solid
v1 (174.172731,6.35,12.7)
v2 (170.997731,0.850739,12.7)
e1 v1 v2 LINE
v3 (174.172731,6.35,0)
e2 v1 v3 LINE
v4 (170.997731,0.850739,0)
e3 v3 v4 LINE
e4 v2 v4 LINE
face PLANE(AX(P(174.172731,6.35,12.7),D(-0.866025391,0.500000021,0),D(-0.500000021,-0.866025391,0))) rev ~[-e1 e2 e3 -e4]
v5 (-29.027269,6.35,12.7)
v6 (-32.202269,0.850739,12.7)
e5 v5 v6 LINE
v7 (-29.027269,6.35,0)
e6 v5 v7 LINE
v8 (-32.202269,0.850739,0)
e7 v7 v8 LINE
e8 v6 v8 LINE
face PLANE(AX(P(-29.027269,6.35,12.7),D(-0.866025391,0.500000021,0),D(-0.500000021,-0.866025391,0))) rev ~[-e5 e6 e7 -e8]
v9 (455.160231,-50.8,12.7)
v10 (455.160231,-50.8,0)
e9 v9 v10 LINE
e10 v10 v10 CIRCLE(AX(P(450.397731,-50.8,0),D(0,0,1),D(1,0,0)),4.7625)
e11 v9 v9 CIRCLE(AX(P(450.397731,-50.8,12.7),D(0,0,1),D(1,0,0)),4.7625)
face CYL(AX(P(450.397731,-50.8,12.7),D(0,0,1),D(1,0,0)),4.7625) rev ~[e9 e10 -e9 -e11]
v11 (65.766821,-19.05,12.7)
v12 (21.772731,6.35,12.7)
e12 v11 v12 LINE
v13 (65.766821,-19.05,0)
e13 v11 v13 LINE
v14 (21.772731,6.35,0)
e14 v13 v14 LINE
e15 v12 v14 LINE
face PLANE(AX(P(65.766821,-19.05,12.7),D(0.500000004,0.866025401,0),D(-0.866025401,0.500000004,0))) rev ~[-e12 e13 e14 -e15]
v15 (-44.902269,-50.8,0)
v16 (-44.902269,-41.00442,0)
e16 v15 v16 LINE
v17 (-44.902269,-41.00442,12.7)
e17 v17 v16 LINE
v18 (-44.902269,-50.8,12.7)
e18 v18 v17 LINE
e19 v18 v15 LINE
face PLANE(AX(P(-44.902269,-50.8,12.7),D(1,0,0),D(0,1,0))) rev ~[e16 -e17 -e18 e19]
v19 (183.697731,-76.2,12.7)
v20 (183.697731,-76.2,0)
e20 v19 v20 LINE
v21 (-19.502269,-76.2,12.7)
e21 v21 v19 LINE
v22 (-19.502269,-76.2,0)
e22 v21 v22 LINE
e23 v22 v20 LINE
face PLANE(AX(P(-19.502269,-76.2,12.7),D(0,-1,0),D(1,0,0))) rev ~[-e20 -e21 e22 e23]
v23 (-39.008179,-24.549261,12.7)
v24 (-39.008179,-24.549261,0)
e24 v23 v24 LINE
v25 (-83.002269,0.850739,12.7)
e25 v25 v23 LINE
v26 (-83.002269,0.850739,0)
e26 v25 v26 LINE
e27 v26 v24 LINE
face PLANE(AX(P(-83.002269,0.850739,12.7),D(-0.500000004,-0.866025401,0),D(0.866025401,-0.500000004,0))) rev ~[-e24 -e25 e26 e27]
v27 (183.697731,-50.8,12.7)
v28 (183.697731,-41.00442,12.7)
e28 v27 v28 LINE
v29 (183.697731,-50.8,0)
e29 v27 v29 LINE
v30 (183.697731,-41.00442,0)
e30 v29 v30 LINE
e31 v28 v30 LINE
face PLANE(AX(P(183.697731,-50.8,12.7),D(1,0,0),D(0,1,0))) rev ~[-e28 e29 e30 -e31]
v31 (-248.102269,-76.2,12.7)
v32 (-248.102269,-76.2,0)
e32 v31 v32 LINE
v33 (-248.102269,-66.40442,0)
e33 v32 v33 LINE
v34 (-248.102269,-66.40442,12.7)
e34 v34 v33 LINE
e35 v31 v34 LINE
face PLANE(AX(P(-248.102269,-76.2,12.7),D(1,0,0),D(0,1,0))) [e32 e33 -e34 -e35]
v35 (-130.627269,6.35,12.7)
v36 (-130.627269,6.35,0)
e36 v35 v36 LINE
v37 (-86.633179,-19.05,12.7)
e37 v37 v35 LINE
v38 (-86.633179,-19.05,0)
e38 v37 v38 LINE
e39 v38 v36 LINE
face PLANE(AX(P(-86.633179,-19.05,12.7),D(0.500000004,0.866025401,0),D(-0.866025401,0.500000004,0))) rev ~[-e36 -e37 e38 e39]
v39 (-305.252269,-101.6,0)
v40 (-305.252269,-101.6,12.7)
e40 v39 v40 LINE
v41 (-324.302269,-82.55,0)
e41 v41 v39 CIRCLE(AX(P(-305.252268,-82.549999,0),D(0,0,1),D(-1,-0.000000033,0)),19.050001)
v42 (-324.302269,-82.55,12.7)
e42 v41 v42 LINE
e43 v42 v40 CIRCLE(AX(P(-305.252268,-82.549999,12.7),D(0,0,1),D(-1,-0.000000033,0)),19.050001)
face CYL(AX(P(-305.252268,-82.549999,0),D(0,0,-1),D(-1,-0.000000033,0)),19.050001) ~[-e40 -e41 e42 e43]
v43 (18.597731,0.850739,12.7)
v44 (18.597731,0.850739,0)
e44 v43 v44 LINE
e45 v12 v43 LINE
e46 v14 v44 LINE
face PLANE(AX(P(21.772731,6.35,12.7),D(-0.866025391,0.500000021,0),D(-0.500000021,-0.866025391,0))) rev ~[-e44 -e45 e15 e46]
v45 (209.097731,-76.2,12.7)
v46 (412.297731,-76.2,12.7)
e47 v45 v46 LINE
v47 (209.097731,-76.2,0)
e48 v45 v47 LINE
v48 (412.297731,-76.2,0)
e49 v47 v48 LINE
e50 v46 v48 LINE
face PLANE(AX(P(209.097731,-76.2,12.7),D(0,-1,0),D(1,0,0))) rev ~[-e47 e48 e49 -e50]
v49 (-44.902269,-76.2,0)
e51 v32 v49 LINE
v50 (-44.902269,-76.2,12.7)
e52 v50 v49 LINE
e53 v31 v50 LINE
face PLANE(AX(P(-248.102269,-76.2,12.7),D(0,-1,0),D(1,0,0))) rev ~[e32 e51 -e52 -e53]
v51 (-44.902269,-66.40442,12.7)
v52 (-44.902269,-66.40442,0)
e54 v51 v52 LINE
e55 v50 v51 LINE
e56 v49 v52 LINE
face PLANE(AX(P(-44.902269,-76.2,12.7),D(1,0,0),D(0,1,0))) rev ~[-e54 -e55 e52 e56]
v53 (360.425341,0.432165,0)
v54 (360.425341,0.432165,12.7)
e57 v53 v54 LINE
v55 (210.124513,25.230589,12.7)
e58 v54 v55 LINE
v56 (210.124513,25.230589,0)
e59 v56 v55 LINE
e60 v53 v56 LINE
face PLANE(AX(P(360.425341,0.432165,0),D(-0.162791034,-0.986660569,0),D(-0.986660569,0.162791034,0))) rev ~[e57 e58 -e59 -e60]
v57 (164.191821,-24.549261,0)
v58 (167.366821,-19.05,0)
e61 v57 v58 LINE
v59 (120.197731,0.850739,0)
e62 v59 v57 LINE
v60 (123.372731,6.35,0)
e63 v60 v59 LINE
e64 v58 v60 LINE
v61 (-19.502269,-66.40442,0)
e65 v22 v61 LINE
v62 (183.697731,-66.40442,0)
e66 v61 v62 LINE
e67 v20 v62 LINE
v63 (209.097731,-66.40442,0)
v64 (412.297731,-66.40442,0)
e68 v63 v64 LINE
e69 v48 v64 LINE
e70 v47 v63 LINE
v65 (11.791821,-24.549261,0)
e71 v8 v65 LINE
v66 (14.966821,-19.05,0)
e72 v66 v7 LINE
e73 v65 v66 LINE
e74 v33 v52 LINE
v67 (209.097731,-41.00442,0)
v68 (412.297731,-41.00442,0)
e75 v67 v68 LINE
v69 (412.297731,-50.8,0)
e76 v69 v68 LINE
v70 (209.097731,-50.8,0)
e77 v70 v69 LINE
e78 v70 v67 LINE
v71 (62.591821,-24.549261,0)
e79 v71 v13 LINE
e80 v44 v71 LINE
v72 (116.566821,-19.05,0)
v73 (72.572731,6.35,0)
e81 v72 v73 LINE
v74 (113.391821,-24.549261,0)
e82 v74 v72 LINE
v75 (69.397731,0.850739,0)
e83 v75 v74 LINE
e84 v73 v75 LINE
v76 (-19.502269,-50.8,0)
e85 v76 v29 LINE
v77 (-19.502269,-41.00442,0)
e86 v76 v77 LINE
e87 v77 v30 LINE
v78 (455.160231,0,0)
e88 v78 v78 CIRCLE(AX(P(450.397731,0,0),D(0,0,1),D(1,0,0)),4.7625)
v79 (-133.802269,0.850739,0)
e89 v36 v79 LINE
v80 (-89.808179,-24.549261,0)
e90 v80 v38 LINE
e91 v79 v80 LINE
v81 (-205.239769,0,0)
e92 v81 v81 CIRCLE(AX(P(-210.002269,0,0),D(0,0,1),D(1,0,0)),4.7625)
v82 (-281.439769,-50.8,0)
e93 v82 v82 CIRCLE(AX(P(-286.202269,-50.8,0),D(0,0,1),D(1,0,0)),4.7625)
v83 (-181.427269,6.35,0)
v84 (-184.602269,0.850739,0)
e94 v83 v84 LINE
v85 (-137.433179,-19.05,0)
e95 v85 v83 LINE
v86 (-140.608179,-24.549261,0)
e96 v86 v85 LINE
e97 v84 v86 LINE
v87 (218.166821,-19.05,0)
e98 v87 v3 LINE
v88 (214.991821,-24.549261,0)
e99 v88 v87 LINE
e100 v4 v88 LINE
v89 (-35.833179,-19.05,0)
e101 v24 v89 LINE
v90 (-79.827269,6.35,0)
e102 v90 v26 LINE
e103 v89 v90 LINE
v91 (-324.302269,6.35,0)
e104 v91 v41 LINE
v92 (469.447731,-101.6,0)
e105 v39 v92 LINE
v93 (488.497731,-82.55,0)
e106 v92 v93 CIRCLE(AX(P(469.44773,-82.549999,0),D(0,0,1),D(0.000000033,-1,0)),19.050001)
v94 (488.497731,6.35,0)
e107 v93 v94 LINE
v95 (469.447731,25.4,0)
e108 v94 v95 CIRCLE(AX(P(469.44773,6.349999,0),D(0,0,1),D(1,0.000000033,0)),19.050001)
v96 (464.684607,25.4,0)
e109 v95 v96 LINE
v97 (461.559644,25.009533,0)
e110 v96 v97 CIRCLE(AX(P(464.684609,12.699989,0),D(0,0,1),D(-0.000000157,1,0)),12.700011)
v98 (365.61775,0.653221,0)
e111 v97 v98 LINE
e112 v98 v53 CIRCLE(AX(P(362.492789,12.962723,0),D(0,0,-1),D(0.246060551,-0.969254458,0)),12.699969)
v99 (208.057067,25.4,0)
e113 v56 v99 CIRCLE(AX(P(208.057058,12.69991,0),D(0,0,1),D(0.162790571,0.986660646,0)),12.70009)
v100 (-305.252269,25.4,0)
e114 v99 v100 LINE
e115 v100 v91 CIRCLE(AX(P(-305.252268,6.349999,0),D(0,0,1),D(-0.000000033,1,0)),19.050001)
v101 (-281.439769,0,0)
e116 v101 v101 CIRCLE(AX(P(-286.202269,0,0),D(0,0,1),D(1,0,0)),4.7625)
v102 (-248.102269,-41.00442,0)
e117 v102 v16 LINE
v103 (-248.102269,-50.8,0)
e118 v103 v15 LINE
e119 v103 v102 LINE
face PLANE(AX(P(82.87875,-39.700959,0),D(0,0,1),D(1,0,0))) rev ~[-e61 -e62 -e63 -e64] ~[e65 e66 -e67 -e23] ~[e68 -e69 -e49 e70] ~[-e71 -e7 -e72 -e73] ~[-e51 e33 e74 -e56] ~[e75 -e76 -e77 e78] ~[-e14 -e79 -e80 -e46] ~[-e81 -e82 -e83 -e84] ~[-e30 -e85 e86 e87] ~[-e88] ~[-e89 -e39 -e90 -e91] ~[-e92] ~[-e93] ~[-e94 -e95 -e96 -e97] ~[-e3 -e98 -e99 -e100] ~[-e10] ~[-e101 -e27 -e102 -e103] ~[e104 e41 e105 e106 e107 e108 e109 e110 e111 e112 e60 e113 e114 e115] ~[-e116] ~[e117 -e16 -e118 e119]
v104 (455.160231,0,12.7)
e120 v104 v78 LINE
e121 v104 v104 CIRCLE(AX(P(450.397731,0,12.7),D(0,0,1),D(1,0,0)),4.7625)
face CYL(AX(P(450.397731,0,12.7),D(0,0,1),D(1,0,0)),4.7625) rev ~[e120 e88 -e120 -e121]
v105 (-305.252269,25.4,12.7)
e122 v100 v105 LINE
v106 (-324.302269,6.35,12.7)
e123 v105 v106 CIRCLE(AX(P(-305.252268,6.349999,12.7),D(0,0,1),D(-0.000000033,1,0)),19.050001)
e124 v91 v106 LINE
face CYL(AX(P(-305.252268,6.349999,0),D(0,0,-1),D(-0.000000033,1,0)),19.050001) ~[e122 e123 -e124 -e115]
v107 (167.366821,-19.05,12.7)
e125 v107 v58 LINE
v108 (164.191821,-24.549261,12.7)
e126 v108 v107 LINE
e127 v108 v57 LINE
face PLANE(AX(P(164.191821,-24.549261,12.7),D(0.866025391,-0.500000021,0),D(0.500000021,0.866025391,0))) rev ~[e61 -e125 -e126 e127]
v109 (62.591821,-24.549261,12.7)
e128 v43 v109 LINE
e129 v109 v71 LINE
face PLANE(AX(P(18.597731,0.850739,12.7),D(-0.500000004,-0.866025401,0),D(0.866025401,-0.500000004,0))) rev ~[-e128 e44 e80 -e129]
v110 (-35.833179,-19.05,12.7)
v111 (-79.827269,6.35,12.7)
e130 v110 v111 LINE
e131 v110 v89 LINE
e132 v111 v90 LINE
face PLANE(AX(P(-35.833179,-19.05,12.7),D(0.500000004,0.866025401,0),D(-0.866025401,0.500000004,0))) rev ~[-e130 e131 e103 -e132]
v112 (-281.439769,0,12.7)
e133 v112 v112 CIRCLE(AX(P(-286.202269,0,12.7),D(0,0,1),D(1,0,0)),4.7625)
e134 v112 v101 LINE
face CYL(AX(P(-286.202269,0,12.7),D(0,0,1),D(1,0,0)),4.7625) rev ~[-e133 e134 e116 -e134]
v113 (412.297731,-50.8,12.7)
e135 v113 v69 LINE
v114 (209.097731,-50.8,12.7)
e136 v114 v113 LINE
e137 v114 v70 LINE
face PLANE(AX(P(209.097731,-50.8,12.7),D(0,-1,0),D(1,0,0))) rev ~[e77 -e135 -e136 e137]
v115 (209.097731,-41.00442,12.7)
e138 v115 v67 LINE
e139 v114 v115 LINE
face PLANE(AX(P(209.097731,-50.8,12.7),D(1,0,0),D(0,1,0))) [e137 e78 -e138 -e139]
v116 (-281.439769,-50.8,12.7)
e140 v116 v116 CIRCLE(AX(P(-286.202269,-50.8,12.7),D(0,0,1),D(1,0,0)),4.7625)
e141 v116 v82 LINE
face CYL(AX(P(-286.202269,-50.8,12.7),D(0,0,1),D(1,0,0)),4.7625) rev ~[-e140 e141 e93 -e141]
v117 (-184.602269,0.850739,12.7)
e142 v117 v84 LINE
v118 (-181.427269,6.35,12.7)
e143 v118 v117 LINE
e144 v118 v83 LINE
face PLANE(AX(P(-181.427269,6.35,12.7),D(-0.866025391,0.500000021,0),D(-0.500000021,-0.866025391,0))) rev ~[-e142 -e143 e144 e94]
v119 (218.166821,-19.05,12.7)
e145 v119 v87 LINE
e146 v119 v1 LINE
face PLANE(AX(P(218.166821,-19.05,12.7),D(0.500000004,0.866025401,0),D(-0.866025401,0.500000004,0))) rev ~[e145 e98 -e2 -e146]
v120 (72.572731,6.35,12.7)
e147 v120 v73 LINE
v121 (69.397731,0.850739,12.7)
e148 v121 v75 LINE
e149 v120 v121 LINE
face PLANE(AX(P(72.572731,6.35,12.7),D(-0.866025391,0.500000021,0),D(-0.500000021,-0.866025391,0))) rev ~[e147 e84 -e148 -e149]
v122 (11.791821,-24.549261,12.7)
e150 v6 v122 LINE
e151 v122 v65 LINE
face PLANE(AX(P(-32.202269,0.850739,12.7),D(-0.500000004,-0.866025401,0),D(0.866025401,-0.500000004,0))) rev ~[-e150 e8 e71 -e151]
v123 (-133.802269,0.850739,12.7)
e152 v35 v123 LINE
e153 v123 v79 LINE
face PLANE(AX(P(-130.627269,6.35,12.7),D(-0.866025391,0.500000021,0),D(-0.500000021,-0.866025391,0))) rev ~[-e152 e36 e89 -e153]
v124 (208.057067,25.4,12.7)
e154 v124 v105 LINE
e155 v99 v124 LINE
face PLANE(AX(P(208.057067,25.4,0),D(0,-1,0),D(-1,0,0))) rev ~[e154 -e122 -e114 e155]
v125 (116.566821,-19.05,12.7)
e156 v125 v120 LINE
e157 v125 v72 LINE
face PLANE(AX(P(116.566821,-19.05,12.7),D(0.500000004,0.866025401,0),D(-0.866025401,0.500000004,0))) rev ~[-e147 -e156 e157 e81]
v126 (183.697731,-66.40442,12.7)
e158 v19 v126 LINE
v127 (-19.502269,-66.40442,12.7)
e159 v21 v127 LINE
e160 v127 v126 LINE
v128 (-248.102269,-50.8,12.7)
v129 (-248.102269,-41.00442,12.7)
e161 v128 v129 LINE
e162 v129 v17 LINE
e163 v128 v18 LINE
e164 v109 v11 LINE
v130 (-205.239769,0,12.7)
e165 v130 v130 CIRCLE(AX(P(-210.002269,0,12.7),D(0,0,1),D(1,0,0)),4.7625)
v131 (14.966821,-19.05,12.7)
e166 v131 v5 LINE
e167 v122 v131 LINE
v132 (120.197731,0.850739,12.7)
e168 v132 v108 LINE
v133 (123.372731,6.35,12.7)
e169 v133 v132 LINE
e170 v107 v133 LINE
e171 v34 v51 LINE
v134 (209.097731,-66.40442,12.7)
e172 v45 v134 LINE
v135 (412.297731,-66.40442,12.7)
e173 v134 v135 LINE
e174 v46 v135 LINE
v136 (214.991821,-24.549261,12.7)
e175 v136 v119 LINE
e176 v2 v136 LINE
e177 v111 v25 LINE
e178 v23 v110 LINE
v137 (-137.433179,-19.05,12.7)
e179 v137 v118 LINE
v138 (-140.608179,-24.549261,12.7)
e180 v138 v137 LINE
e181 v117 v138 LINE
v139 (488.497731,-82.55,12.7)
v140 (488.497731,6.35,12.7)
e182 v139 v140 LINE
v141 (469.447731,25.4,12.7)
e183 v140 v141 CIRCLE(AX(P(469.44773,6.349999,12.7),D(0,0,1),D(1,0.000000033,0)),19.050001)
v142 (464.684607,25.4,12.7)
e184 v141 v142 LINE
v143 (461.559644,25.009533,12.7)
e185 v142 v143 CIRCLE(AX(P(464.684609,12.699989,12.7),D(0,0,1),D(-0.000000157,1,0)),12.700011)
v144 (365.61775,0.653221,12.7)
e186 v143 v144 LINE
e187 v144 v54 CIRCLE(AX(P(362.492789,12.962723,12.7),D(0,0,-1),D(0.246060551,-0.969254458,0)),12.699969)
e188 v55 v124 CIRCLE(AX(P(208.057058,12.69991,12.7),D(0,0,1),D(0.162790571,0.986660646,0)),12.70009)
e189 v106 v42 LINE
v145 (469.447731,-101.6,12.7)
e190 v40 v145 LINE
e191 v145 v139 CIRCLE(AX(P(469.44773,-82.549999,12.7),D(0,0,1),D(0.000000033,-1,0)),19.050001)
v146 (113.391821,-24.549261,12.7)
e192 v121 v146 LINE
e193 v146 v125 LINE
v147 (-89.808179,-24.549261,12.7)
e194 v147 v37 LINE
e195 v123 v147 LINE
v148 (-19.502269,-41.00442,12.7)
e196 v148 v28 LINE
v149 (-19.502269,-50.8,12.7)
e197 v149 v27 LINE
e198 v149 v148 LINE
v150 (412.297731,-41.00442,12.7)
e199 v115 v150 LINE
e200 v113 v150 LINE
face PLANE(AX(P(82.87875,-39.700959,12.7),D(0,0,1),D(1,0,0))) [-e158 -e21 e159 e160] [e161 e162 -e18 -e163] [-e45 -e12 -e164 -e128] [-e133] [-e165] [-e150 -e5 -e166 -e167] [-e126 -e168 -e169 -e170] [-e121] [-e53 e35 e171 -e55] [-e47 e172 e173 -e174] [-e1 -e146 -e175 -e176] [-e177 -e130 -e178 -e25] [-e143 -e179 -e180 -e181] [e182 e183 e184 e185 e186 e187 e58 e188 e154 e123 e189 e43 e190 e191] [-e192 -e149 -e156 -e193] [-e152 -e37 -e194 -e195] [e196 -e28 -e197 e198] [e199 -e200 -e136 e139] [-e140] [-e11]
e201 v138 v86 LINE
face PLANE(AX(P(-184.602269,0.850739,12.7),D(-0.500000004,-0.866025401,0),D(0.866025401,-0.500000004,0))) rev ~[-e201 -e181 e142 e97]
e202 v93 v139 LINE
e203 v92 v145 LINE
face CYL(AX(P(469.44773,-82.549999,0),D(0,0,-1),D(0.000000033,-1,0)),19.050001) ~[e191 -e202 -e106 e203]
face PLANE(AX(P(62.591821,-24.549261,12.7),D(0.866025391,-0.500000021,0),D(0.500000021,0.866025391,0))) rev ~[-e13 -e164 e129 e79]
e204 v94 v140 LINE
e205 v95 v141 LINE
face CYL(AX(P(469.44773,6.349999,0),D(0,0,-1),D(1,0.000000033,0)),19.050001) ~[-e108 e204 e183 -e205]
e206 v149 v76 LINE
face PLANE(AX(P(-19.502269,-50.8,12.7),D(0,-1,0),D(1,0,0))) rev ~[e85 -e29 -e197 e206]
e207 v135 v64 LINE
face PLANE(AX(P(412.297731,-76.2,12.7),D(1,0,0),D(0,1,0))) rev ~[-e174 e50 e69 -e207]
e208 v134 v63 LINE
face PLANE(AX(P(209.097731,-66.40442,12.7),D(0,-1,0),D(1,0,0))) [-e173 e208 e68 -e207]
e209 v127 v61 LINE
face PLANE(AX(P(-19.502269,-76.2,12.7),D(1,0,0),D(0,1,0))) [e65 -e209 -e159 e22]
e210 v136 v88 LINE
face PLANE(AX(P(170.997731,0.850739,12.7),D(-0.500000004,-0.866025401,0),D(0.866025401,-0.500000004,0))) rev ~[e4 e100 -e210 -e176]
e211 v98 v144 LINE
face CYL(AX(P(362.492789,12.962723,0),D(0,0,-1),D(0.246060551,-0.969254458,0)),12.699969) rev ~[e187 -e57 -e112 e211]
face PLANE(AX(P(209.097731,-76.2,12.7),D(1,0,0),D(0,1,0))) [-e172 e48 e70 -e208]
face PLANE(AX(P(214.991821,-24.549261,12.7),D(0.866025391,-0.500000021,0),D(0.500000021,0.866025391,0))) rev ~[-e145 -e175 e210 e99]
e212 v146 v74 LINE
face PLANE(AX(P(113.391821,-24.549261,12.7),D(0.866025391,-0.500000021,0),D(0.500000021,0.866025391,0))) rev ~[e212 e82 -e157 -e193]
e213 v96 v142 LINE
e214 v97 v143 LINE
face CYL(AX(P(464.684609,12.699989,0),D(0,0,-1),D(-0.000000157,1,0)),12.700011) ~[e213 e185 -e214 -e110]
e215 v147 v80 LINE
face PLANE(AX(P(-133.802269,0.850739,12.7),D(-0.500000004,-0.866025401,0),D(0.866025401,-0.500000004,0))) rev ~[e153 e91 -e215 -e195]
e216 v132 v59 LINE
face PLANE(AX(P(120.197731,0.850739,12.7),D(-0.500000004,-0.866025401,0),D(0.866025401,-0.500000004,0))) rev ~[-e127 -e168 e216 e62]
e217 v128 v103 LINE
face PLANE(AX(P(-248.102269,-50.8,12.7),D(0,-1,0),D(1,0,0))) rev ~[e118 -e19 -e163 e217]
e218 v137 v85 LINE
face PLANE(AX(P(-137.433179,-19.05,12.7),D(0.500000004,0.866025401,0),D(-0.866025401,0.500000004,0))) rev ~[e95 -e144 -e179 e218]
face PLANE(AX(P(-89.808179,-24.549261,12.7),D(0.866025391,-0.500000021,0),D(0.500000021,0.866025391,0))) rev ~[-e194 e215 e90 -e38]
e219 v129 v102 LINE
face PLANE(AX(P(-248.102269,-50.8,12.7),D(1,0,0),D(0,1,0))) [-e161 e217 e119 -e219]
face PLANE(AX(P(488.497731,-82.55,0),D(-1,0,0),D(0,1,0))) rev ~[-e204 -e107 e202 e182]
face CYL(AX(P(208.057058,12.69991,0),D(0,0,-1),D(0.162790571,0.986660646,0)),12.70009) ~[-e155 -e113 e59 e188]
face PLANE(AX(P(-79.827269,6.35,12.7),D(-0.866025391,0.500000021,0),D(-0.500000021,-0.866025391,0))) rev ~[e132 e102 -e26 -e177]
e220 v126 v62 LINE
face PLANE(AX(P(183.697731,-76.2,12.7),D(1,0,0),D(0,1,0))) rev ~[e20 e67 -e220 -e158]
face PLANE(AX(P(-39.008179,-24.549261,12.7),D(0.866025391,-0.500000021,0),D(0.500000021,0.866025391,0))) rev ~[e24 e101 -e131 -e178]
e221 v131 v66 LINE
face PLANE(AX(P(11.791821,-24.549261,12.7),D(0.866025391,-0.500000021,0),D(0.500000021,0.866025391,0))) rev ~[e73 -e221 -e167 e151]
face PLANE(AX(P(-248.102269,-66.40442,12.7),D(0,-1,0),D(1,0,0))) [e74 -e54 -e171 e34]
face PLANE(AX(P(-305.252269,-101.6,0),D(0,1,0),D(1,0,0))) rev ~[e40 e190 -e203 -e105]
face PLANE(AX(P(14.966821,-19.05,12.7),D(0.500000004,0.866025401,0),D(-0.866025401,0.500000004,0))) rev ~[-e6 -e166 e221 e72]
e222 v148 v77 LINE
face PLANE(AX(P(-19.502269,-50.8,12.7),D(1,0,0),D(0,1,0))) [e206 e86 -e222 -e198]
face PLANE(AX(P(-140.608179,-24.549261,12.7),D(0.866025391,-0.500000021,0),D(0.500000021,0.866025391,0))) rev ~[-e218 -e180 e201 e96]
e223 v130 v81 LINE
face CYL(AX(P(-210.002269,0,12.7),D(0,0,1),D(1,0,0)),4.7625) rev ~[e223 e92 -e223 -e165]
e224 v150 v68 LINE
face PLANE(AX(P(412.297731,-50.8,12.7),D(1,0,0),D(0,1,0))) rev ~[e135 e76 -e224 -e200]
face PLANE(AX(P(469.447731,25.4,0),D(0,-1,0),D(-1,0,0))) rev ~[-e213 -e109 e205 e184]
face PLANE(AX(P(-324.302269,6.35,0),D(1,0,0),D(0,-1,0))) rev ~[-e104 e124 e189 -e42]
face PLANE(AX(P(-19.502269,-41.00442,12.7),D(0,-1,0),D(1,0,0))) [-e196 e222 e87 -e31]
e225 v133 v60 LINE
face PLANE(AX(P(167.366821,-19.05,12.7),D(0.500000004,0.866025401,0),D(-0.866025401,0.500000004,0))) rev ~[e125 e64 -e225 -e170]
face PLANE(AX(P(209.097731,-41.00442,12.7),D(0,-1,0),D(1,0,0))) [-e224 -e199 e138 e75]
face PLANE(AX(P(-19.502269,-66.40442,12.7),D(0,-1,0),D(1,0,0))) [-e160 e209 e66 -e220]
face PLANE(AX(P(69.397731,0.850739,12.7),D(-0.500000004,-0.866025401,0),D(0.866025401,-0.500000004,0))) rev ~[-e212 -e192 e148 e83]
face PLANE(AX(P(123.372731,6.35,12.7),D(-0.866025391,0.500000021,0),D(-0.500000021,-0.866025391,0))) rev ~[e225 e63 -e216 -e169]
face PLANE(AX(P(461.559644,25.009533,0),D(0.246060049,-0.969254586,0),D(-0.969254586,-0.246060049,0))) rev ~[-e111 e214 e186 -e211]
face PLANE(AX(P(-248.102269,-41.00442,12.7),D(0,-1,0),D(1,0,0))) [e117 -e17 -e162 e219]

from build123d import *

# Parameters (mm, degrees)
F1_DEPTH = 12.7
F2_R     = 4.7625
F3_DEPTH = 12.701
F4_W     = 203.2
F4_H     = 9.79558
F5_DEPTH = 12.701
F7_DEPTH = 12.701


with BuildPart() as f1:
    # F0 (on Top) → F1 (new body)
    with BuildSketch(Plane.XY):
        with BuildLine():
            Line((208.057067, 25.4), (-305.252269, 25.4))
            ThreePointArc((-305.252269, 25.4), (-318.722653, 19.820384), (-324.302269, 6.35))
            Line((-324.302269, 6.35), (-324.302269, -82.55))
            ThreePointArc((-324.302269, -82.55), (-318.722653, -96.020384), (-305.252269, -101.6))
            Line((-305.252269, -101.6), (469.447731, -101.6))
            ThreePointArc((469.447731, -101.6), (482.918115, -96.020384), (488.497731, -82.55))
            Line((488.497731, -82.55), (488.497731, 6.35))
            ThreePointArc((488.497731, 6.35), (482.918115, 19.820384), (469.447731, 25.4))
            Line((469.447731, 25.4), (464.684607, 25.4))
            ThreePointArc((464.684607, 25.4), (463.109975, 25.302005), (461.559644, 25.009533))
            Line((461.559644, 25.009533), (365.61775, 0.653221))
            ThreePointArc((365.61775, 0.653221), (363.032974, 0.274247), (360.425341, 0.432165))
            Line((360.425341, 0.432165), (210.124513, 25.230589))
            ThreePointArc((210.124513, 25.230589), (209.094255, 25.357576), (208.057067, 25.4))
        make_face()
    extrude(amount=F1_DEPTH)

    # F2 (on face) → F3 (cut, through all)
    with BuildSketch(Plane.XY.offset(12.7)):
        with Locations((-286.202269, 0)):
            Circle(F2_R)
        with Locations((-286.202269, -50.8)):
            Circle(F2_R)
        with Locations((-210.002269, 0)):
            Circle(F2_R)
        with Locations((450.397731, 0)):
            Circle(F2_R)
        with Locations((450.397731, -50.8)):
            Circle(F2_R)
    extrude(amount=-F3_DEPTH, mode=Mode.SUBTRACT)

    # F4 (on face) → F5 (cut, through all)
    with BuildSketch(Plane.XY.offset(12.7)):
        with Locations((310.697731, -71.30221)):
            Rectangle(F4_W, F4_H)
        with Locations((310.697731, -45.90221)):
            Rectangle(F4_W, F4_H)
        with Locations((82.097731, -45.90221)):
            Rectangle(F4_W, F4_H)
        with Locations((82.097731, -71.30221)):
            Rectangle(F4_W, F4_H)
        with Locations((-146.502269, -71.30221)):
            Rectangle(F4_W, F4_H)
        with Locations((-146.502269, -45.90221)):
            Rectangle(F4_W, F4_H)
    extrude(amount=-F5_DEPTH, mode=Mode.SUBTRACT)

    # F6 (on face) → F7 (cut, through all)
    with BuildSketch(Plane.XY.offset(12.7)):
        Polygon((-137.433179, -19.05), (-181.427269, 6.35), (-184.602269, 0.850739), (-140.608179, -24.549261), align=None)
        Polygon((-86.633179, -19.05), (-130.627269, 6.35), (-133.802269, 0.850739), (-89.808179, -24.549261), align=None)
        Polygon((-35.833179, -19.05), (-79.827269, 6.35), (-83.002269, 0.850739), (-39.008179, -24.549261), align=None)
        Polygon((14.966821, -19.05), (-29.027269, 6.35), (-32.202269, 0.850739), (11.791821, -24.549261), align=None)
        Polygon((65.766821, -19.05), (21.772731, 6.35), (18.597731, 0.850739), (62.591821, -24.549261), align=None)
        Polygon((116.566821, -19.05), (72.572731, 6.35), (69.397731, 0.850739), (113.391821, -24.549261), align=None)
        Polygon((167.366821, -19.05), (123.372731, 6.35), (120.197731, 0.850739), (164.191821, -24.549261), align=None)
        Polygon((218.166821, -19.05), (174.172731, 6.35), (170.997731, 0.850739), (214.991821, -24.549261), align=None)
    extrude(amount=-F7_DEPTH, mode=Mode.SUBTRACT)


solid = f1.part
